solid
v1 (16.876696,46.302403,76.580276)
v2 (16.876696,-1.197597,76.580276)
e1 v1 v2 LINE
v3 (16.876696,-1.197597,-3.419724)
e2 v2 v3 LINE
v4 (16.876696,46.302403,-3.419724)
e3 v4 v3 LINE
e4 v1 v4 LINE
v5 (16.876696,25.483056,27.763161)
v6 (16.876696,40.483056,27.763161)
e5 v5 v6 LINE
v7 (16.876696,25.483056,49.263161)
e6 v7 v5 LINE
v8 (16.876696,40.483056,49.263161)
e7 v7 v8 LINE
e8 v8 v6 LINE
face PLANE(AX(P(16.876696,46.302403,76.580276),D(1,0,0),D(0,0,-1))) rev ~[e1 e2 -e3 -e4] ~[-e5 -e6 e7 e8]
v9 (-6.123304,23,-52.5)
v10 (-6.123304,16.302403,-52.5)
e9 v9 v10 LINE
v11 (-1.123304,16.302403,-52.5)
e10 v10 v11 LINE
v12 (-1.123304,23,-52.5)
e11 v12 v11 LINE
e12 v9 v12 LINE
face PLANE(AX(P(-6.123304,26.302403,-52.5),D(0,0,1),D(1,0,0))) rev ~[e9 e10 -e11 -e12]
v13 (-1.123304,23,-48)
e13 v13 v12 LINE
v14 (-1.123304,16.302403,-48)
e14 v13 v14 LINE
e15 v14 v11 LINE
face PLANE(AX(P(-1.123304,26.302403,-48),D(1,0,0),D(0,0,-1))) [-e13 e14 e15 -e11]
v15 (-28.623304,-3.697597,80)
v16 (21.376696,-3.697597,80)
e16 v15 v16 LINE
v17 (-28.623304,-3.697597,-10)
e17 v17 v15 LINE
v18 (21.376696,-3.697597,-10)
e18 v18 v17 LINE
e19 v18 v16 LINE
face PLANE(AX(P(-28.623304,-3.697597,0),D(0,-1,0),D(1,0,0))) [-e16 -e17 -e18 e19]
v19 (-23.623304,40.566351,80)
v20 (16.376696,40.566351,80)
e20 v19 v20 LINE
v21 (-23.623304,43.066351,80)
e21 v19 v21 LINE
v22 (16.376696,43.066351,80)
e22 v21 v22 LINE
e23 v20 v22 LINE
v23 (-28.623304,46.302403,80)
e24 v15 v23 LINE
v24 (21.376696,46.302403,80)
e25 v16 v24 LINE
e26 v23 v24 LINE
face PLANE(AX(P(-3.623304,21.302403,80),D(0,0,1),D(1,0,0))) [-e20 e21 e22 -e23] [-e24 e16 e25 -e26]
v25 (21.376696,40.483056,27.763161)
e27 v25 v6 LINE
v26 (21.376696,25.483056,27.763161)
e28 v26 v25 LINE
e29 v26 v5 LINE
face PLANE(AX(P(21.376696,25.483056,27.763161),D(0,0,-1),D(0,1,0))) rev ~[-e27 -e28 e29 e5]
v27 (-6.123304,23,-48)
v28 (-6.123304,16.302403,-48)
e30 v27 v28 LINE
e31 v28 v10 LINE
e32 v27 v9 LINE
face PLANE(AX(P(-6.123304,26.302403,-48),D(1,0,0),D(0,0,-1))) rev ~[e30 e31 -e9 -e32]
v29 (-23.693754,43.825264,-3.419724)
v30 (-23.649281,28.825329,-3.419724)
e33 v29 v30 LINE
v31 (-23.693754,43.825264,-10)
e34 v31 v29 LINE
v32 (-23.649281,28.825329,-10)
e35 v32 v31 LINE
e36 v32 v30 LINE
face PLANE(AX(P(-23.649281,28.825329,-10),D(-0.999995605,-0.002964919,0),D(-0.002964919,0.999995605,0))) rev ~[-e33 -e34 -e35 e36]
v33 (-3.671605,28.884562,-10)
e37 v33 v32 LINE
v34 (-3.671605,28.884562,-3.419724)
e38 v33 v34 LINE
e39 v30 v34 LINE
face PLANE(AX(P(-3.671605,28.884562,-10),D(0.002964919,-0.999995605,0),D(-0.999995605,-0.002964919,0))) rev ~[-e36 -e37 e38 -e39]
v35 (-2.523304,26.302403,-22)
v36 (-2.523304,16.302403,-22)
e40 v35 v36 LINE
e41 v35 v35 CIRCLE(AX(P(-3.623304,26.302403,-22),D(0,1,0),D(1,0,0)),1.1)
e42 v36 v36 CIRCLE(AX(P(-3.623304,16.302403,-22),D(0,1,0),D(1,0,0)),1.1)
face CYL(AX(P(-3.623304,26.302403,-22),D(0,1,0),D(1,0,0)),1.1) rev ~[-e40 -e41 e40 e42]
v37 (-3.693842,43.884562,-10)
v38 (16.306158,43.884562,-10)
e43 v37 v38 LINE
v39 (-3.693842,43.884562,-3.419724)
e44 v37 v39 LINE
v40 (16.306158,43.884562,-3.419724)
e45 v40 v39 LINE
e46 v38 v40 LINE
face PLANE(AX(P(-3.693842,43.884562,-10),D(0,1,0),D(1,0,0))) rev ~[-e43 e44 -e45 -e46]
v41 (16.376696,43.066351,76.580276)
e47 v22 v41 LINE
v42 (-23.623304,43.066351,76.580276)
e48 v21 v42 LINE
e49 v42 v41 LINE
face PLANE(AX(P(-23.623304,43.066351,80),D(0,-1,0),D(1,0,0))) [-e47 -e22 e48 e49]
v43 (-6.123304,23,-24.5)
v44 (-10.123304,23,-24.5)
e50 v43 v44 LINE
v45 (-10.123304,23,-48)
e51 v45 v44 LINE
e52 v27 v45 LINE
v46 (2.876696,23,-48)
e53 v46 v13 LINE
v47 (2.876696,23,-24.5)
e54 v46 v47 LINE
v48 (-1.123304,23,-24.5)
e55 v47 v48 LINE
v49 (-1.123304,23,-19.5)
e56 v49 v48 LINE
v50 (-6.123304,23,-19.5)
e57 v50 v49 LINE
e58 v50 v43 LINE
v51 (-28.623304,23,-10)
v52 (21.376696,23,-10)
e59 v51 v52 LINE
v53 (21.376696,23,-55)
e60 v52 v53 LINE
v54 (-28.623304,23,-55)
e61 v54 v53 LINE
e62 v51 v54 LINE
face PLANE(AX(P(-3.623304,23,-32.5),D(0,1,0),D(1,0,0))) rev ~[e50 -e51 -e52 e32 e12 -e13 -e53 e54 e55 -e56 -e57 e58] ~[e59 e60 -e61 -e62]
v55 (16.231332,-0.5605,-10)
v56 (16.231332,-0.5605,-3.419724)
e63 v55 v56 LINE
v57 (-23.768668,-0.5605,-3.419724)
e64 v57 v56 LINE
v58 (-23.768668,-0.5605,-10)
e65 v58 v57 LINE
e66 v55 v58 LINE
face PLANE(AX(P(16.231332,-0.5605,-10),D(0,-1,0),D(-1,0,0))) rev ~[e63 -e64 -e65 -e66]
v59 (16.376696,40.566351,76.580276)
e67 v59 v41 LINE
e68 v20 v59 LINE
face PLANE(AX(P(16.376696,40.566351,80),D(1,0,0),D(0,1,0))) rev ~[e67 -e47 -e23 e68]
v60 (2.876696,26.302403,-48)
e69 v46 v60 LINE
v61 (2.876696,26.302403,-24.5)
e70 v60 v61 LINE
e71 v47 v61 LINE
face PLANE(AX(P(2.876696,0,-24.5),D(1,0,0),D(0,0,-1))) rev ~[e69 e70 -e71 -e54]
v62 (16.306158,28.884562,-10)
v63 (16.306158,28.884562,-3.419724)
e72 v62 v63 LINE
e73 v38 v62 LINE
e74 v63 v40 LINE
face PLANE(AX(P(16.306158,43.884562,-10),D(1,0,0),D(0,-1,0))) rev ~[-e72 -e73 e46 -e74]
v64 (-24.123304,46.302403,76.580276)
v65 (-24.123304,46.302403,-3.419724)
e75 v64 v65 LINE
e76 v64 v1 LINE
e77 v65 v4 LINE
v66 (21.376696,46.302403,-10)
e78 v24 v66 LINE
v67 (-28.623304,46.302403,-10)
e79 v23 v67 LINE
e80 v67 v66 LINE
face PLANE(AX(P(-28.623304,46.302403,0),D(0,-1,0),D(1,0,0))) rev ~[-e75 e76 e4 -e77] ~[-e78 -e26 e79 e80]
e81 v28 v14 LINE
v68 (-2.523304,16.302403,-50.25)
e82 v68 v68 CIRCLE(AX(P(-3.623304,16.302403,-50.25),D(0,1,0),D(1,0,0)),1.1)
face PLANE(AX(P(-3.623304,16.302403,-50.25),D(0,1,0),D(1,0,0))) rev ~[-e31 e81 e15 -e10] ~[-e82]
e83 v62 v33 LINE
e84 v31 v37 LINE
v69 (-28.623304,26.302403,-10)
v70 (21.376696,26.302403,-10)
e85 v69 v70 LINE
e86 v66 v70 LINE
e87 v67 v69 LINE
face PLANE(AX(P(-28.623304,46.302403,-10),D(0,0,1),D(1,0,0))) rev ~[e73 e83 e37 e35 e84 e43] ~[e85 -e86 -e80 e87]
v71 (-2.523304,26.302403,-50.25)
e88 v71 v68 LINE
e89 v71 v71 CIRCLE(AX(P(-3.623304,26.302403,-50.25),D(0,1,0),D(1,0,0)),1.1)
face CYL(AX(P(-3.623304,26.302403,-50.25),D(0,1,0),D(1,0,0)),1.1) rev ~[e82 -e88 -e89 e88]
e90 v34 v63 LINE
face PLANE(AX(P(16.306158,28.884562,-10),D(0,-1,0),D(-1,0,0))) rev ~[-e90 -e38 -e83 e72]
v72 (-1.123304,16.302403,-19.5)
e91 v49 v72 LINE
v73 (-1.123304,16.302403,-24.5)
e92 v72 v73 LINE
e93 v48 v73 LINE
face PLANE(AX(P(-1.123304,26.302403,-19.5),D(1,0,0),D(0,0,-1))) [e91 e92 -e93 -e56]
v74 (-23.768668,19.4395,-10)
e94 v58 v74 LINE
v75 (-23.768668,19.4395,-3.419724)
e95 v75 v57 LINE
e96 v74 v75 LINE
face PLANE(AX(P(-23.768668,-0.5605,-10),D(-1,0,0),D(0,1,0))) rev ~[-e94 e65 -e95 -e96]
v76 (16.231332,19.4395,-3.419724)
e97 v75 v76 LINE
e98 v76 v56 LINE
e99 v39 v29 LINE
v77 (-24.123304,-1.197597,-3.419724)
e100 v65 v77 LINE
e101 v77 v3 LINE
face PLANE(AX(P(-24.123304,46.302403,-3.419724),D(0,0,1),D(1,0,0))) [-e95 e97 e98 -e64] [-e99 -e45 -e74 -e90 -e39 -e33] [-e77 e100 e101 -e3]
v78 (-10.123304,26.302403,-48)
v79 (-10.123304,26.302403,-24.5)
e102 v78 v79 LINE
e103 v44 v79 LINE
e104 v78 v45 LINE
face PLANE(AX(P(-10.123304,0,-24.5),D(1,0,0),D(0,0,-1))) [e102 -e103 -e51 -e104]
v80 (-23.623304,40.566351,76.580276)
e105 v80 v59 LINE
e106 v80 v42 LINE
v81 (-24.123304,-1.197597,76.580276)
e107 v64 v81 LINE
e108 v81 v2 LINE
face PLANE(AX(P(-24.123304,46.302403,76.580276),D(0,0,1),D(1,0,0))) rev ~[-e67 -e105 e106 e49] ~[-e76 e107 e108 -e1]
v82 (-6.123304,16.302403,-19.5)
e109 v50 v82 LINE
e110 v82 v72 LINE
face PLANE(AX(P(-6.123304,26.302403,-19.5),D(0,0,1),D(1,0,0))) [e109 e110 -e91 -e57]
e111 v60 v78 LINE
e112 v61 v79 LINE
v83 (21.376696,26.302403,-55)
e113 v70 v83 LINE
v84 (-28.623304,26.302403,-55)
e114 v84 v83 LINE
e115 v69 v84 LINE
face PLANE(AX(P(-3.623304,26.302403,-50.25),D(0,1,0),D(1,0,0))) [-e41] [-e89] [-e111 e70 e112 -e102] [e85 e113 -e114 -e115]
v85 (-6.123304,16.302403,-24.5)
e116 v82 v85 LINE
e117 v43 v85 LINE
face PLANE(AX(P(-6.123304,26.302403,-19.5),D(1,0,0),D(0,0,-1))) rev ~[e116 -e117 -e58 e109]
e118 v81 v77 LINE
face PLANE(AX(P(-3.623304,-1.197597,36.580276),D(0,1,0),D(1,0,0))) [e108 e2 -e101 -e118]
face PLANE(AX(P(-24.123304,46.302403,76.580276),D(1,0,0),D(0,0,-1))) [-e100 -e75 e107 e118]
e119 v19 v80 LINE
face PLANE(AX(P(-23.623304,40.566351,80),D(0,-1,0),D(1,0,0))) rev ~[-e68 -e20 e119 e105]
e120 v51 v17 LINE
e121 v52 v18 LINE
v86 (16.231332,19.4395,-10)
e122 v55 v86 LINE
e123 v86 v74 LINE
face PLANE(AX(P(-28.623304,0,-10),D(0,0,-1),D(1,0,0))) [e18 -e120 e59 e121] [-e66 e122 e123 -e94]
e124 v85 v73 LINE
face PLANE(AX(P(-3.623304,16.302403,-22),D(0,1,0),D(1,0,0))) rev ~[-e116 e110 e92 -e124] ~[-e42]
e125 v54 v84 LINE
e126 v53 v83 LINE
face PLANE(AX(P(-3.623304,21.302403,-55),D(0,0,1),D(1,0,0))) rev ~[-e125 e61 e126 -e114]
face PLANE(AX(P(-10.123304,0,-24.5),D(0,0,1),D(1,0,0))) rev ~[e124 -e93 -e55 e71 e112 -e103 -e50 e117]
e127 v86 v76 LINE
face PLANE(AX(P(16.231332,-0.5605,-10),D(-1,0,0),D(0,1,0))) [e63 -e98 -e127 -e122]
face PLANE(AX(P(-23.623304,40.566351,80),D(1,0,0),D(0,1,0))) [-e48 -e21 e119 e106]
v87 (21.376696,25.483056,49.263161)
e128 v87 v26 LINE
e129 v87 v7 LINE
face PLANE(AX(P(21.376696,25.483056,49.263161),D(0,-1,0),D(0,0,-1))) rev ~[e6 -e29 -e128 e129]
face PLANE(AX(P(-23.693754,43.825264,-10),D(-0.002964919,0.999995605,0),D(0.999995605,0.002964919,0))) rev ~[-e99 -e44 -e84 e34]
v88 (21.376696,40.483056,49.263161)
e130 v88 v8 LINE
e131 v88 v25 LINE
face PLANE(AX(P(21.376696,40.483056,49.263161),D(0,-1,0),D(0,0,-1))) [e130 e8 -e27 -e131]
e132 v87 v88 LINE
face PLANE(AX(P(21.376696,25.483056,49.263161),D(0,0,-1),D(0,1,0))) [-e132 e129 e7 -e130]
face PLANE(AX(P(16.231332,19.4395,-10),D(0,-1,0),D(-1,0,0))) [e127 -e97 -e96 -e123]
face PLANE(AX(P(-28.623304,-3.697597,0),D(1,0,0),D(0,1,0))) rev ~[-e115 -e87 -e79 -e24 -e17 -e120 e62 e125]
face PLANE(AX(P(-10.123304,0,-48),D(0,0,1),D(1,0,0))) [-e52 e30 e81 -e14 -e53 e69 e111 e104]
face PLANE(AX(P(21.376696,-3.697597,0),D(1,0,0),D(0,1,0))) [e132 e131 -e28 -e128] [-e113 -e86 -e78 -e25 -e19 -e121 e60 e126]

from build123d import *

# Parameters (mm, degrees)
SKETCH_1_W               = 50
SKETCH_1_H               = 50
EXTRUDE_1_DEPTH          = 80
EXTRUDE_1_DEPTH_BACK     = 55
SKETCH_2_W               = 41
SKETCH_2_H               = 80
CUT_EXTRUDE_1_DEPTH      = 47.5
SKETCH_3_W               = 13
SKETCH_3_H               = 23.5
CUT_EXTRUDE_2_DEPTH      = 60
CUT_EXTRUDE_2_DEPTH_BACK = 20
SKETCH_5_W               = 50
SKETCH_5_H               = 45
CUT_EXTRUDE_4_DEPTH      = 20
SKETCH_4_W               = 50
SKETCH_4_H               = 45
CUT_EXTRUDE_5_DEPTH      = 23
CUT_EXTRUDE_5_DEPTH_BACK = 10
CUT_EXTRUDE_6_DEPTH      = 10
SKETCH_7_W               = 40
SKETCH_7_H               = 20
CUT_EXTRUDE_7_DEPTH      = 10
SKETCH_9_W               = 40
SKETCH_9_H               = 2.5
CUT_EXTRUDE_8_DEPTH      = 10
SKETCH_11_W              = 5
SKETCH_11_H              = 4.5
SKETCH_11_H_2            = 5
EXTRUDE_4_DEPTH          = 10
SKETCH_13_W              = 21.5
SKETCH_13_H              = 15
CUT_EXTRUDE_10_DEPTH     = 15
SKETCH_14_R              = 1.1
CUT_EXTRUDE_11_DEPTH     = 12.4


with BuildPart() as part:
    # 草圖1 → 填料-伸長1 (new body, two sides)
    with BuildSketch(Plane.XY) as extrude_1_sk:
        with Locations((-3.62330355, 21.302402801)):
            Rectangle(SKETCH_1_W, SKETCH_1_H)
    extrude(amount=EXTRUDE_1_DEPTH)
    extrude(extrude_1_sk.sketch, amount=-EXTRUDE_1_DEPTH_BACK)

    # 草圖2 → 除料-伸長1 (cut)
    with BuildSketch(Plane(origin=(0, 46.302402801, 0), x_dir=(1, 0, 0), z_dir=(0, 1, 0))):
        with Locations((-3.62330355, -36.580275675)):
            Rectangle(SKETCH_2_W, SKETCH_2_H)
    extrude(amount=-CUT_EXTRUDE_1_DEPTH, mode=Mode.SUBTRACT)

    # 草圖3 → 除料-伸長2 (cut, two sides)
    with BuildSketch(Plane(origin=(0, 0, 0), x_dir=(1, 0, 0), z_dir=(0, 1, 0))) as cut_extrude_2_sk:
        with Locations((-3.62330355, 36.25)):
            Rectangle(SKETCH_3_W, SKETCH_3_H)
    extrude(amount=CUT_EXTRUDE_2_DEPTH, mode=Mode.SUBTRACT)
    extrude(cut_extrude_2_sk.sketch, amount=-CUT_EXTRUDE_2_DEPTH_BACK, mode=Mode.SUBTRACT)

    # 草圖5 → 除料-伸長4 (cut)
    with BuildSketch(Plane(origin=(0, 46.302402801, 0), x_dir=(1, 0, 0), z_dir=(0, 1, 0))):
        with Locations((-3.62330355, 32.5)):
            Rectangle(SKETCH_5_W, SKETCH_5_H)
    extrude(amount=-CUT_EXTRUDE_4_DEPTH, mode=Mode.SUBTRACT)

    # 草圖4 → 除料-伸長5 (cut, two sides)
    with BuildSketch(Plane(origin=(0, 0, 0), x_dir=(1, 0, 0), z_dir=(0, 1, 0))) as cut_extrude_5_sk:
        with Locations((-3.62330355, 32.5)):
            Rectangle(SKETCH_4_W, SKETCH_4_H)
    extrude(amount=CUT_EXTRUDE_5_DEPTH, mode=Mode.SUBTRACT)
    extrude(cut_extrude_5_sk.sketch, amount=-CUT_EXTRUDE_5_DEPTH_BACK, mode=Mode.SUBTRACT)

    # 草圖6 → 除料-伸長6 (cut)
    with BuildSketch(Plane(origin=(0, 0, -10), x_dir=(-1, 0, 0), z_dir=(0, 0, -1))):
        Polygon((3.693842319, 43.884561913), (-16.306157681, 43.884561913), (-16.306157681, 28.884561913), (3.67160538, 28.884561913), (23.649280632, 28.825329472), (23.693754411, 43.825263542), align=None)
    extrude(amount=-CUT_EXTRUDE_6_DEPTH, mode=Mode.SUBTRACT)

    # 草圖7 → 除料-伸長7 (cut)
    with BuildSketch(Plane(origin=(0, 0, -10), x_dir=(-1, 0, 0), z_dir=(0, 0, -1))):
        with Locations((3.768668362, 9.439500409)):
            Rectangle(SKETCH_7_W, SKETCH_7_H)
    extrude(amount=-CUT_EXTRUDE_7_DEPTH, mode=Mode.SUBTRACT)

    # 草圖9 → 除料-伸長8 (cut)
    with BuildSketch(Plane.XY.offset(80)):
        with Locations((-3.62330355, 41.816351076)):
            Rectangle(SKETCH_9_W, SKETCH_9_H)
    extrude(amount=-CUT_EXTRUDE_8_DEPTH, mode=Mode.SUBTRACT)

    # 草圖11 → 填料-伸長4 (add)
    with BuildSketch(Plane(origin=(0, 26.302402801, 0), x_dir=(1, 0, 0), z_dir=(0, 1, 0))):
        with Locations((-3.62330355, 50.25)):
            Rectangle(SKETCH_11_W, SKETCH_11_H)
        with Locations((-3.62330355, 22)):
            Rectangle(SKETCH_11_W, SKETCH_11_H_2)
    extrude(amount=-EXTRUDE_4_DEPTH)

    # 草圖13 → 除料-伸長10 (cut)
    with BuildSketch(Plane(origin=(21.37669645, 0, 0), x_dir=(0, 0, -1), z_dir=(1, 0, 0))):
        with Locations((-38.513161072, 32.983055623)):
            Rectangle(SKETCH_13_W, SKETCH_13_H)
    extrude(amount=-CUT_EXTRUDE_10_DEPTH, mode=Mode.SUBTRACT)

    # 草圖14 → 除料-伸長11 (cut)
    with BuildSketch(Plane(origin=(0, 26.302402801, 0), x_dir=(1, 0, 0), z_dir=(0, 1, 0))):
        with Locations((-3.62330355, 50.25)):
            Circle(SKETCH_14_R)
        with Locations((-3.62330355, 22)):
            Circle(SKETCH_14_R)
    extrude(amount=-CUT_EXTRUDE_11_DEPTH, mode=Mode.SUBTRACT)


solid = part.part
